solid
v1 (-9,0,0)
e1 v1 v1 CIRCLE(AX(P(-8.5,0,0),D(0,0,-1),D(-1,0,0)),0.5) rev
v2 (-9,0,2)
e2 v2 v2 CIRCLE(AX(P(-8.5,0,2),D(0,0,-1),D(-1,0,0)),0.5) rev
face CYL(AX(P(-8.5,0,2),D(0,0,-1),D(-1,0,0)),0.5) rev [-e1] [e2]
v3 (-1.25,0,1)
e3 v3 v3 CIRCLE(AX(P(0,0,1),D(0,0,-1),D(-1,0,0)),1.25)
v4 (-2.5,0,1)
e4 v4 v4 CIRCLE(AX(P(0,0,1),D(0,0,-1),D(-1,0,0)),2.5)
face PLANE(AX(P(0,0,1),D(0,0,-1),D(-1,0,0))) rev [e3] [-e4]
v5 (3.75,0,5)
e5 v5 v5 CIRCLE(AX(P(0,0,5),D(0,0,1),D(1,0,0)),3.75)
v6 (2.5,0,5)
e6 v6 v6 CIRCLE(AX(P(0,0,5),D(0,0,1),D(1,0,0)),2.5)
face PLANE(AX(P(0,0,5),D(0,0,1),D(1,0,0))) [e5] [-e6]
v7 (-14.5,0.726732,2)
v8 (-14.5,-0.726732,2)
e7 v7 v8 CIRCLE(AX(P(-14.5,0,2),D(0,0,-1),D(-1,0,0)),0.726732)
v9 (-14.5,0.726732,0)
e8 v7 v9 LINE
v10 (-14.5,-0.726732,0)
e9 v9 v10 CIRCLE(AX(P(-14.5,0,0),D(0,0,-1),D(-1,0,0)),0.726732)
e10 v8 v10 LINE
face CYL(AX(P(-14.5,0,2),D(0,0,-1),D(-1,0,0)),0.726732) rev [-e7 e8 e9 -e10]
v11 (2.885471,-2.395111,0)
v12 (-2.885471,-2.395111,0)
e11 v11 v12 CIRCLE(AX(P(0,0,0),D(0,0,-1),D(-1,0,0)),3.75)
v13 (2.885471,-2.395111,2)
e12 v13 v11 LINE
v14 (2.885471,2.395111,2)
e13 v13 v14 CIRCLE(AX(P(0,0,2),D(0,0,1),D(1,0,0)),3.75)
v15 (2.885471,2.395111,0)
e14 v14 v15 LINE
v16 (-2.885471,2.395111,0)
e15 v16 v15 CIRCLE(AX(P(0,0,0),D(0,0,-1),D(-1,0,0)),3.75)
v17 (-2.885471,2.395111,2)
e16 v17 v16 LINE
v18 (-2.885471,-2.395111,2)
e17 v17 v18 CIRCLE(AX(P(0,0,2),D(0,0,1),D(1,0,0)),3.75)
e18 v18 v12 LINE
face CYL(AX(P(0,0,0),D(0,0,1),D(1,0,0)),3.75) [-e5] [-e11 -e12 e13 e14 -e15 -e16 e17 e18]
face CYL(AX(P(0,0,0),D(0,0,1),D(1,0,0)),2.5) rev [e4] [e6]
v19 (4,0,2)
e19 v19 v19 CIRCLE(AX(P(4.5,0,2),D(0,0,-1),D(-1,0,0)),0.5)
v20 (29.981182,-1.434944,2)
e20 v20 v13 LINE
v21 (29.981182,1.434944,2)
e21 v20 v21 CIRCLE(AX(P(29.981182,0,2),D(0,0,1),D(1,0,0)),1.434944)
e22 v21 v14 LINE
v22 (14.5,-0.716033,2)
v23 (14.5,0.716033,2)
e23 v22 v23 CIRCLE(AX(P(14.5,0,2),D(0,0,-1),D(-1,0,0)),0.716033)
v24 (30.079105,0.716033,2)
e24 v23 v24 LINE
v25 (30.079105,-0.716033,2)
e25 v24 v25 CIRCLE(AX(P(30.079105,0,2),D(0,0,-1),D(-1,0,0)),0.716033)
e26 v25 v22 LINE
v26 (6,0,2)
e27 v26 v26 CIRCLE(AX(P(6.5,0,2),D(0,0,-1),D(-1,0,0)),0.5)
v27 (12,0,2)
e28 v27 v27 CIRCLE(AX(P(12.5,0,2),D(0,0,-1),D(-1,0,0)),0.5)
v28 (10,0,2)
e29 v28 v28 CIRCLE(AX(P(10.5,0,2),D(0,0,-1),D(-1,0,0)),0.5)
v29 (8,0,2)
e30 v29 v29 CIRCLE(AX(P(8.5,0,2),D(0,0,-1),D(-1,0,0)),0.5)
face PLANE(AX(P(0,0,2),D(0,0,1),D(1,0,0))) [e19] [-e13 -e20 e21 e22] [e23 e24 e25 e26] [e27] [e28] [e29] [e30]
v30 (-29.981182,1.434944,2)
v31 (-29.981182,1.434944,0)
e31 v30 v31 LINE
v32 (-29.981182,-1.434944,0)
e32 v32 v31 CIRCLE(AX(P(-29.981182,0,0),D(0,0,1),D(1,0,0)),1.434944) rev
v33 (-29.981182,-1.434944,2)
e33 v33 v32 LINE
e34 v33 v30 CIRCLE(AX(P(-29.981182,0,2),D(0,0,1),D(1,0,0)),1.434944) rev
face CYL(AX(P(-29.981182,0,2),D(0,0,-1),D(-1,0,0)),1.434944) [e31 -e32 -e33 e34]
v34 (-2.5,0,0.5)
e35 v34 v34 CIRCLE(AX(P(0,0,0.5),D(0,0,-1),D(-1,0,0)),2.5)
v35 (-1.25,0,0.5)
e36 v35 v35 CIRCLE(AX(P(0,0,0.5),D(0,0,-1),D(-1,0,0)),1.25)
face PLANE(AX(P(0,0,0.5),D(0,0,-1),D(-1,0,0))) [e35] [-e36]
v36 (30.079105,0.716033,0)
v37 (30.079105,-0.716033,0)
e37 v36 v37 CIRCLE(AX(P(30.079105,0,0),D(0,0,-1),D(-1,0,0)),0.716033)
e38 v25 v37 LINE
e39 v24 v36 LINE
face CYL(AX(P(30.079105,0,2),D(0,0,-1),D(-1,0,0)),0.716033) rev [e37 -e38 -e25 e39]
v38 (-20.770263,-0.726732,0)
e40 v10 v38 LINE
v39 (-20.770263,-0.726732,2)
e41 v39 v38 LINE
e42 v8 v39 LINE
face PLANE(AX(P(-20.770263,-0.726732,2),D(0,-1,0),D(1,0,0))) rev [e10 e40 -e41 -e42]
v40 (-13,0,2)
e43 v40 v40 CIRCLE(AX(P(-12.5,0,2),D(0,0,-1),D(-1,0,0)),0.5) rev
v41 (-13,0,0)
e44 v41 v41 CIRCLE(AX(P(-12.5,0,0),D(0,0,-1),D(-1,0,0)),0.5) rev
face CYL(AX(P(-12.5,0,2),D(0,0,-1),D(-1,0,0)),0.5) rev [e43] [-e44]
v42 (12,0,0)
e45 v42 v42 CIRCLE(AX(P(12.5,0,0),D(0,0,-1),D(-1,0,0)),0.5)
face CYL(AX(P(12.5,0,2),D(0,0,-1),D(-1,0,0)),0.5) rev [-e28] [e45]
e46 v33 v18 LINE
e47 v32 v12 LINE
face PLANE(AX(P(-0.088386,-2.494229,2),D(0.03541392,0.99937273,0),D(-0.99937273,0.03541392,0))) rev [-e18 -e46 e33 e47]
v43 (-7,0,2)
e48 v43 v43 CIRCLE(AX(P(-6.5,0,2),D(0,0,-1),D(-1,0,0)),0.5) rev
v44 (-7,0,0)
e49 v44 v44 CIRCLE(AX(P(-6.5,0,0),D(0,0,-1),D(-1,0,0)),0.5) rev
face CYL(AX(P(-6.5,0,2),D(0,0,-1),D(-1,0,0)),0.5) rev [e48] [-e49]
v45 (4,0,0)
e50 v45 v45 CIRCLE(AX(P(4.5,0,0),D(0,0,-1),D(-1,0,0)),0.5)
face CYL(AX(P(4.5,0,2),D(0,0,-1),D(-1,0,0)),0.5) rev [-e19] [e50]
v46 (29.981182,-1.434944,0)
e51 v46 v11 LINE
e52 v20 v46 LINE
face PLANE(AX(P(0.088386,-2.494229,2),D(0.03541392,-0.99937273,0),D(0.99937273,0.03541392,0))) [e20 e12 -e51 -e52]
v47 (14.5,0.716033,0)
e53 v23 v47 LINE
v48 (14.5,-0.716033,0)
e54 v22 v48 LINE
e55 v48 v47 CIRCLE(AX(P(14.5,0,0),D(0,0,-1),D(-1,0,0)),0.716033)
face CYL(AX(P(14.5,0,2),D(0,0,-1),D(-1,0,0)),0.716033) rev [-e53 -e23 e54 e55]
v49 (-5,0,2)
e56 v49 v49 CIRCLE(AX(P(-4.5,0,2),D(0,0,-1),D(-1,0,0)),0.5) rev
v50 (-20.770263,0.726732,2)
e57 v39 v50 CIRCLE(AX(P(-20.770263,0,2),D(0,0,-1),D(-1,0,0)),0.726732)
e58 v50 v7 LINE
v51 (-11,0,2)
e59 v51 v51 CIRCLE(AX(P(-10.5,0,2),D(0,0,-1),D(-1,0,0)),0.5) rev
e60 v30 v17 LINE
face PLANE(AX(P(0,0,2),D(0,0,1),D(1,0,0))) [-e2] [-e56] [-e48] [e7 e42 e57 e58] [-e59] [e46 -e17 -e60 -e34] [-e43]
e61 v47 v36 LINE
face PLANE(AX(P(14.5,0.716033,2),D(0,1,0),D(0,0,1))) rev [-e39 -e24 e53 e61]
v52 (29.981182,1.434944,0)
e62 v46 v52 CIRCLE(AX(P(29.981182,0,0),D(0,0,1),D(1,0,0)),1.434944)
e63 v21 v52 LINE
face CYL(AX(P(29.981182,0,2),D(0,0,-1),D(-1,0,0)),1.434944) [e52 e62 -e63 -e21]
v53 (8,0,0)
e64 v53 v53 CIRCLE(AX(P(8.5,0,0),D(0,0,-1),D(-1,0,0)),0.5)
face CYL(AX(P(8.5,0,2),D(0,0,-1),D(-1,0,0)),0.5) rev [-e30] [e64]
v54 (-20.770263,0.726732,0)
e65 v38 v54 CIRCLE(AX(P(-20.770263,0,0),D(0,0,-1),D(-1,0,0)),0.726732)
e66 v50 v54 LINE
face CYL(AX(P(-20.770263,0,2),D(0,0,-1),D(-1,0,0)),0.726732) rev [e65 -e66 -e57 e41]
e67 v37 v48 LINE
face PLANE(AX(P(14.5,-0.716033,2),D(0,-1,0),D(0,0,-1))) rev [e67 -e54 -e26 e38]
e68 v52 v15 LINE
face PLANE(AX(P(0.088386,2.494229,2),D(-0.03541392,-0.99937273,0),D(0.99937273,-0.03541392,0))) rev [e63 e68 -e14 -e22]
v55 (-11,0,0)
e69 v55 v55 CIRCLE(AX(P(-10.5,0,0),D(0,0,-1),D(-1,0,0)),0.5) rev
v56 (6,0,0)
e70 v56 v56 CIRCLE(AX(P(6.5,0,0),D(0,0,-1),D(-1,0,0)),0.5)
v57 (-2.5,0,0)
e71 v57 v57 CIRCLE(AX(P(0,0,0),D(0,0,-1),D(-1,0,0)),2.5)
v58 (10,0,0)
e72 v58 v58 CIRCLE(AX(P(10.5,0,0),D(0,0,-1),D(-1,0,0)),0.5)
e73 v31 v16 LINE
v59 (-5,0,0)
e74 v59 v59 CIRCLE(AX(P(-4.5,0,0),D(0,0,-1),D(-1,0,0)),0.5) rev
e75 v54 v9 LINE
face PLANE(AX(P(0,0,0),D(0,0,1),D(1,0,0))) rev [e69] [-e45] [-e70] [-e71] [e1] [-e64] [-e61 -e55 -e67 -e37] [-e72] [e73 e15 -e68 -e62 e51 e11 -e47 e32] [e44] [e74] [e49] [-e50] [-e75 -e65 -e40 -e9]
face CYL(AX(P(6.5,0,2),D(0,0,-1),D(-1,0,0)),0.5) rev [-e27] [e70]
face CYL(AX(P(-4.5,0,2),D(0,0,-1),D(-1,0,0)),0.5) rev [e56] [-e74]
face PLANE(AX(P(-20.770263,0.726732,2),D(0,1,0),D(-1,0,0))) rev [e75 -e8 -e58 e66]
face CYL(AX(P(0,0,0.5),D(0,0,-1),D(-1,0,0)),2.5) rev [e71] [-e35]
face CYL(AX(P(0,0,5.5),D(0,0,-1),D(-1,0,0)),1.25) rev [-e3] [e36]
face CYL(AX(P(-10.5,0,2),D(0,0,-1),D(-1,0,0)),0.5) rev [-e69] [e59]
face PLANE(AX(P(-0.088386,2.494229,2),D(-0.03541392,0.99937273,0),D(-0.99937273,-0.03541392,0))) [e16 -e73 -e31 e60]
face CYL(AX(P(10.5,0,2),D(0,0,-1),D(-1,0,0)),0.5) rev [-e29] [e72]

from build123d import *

# Parameters (mm, degrees)
EXTRUDE_3_DEPTH     = 2
EXTRUDE_3_2_DEPTH   = 2
SKETCH_2_R          = 3.75
SKETCH_2_R_2        = 2.5
EXTRUDE_5_DEPTH     = 3
EXTRUDE_START       = 2
SKETCH_3_R          = 3.75
SKETCH_3_R_2        = 2.5
EXTRUDE_6_DEPTH     = 2
SKETCH_4_R          = 0.5
CUT_EXTRUDE_1_DEPTH = 2
SKETCH_5_R          = 2.5
EXTRUDE_7_DEPTH     = 1
SKETCH_6_R          = 2.5
CUT_EXTRUDE_2_DEPTH = 0.5
SKETCH_7_R          = 1.25
CUT_EXTRUDE_3_DEPTH = 5
CUT_EXTRUDE2_DEPTH  = 2


with BuildPart() as part:
    # Эскиз1 → Бобышка-Вытянуть3 (new body)
    with BuildSketch(Plane.XY):
        with BuildLine():
            ThreePointArc((-2.88547071, -2.395111434), (-3.527252129, -1.273182005), (-3.75, 0))
            ThreePointArc((-3.75, 0), (-3.527252129, 1.273182005), (-2.88547071, 2.395111434))
            Line((-2.88547071, 2.395111434), (-29.981181912, 1.434943796))
            ThreePointArc((-29.981181912, 1.434943796), (-31.416125708, 0), (-29.981181912, -1.434943796))
            Line((-29.981181912, -1.434943796), (-2.88547071, -2.395111434))
        make_face()
    extrude(amount=EXTRUDE_3_DEPTH)



with BuildPart() as body_2:
    # Эскиз1 → Extrude 3 2 (new body)
    with BuildSketch(Plane.XY):
        with BuildLine():
            Line((29.981181912, 1.434943796), (2.88547071, 2.395111434))
            ThreePointArc((2.88547071, 2.395111434), (3.75, 0), (2.88547071, -2.395111434))
            Line((2.88547071, -2.395111434), (29.981181912, -1.434943796))
            ThreePointArc((29.981181912, -1.434943796), (31.416125708, 0), (29.981181912, 1.434943796))
        make_face()
    extrude(amount=EXTRUDE_3_2_DEPTH)


with BuildPart() as body_3:
    # Эскиз2 → Бобышка-Вытянуть5 (new body)
    with BuildSketch(Plane.XY.offset(2)):
        Circle(SKETCH_2_R)
        Circle(SKETCH_2_R_2, mode=Mode.SUBTRACT)
    extrude(amount=EXTRUDE_5_DEPTH)


with BuildPart() as part_1:
    add(part.part)

    add(body_2.part)  # Бобышка-Вытянуть6 merges body 2

    add(body_3.part)  # Бобышка-Вытянуть6 merges body 3
    # Эскиз3 → Бобышка-Вытянуть6 (add)
    with BuildSketch(Plane(origin=(0, 0, 2), x_dir=(-1, 0, 0), z_dir=(0, 0, -1)).offset(EXTRUDE_START)):
        with Locations(Location((0, 0, 0), (0, 0, 180))):
            Circle(SKETCH_3_R)
        with Locations(Location((0, 0, 0), (0, 0, 180))):
            Circle(SKETCH_3_R_2, mode=Mode.SUBTRACT)
    extrude(amount=-EXTRUDE_6_DEPTH)

    # Эскиз4 → Вырез-Вытянуть1 (cut)
    with BuildSketch(Plane(origin=(0, 0, 0), x_dir=(-1, 0, 0), z_dir=(0, 0, -1))):
        with Locations((-14.5, 0)):
            Circle(SKETCH_4_R)
        with Locations((-4.5, 0)):
            Circle(SKETCH_4_R)
        with Locations((-6.5, 0)):
            Circle(SKETCH_4_R)
        with Locations((-8.5, 0)):
            Circle(SKETCH_4_R)
        with Locations((-10.5, 0)):
            Circle(SKETCH_4_R)
        with Locations((-12.5, 0)):
            Circle(SKETCH_4_R)
        with Locations((4.5, 0)):
            Circle(SKETCH_4_R)
        with Locations((6.5, 0)):
            Circle(SKETCH_4_R)
        with Locations((8.5, 0)):
            Circle(SKETCH_4_R)
        with Locations((10.5, 0)):
            Circle(SKETCH_4_R)
        with Locations((12.5, 0)):
            Circle(SKETCH_4_R)
        with Locations((14.5, 0)):
            Circle(SKETCH_4_R)
    extrude(amount=-CUT_EXTRUDE_1_DEPTH, mode=Mode.SUBTRACT)

    # Эскиз5 → Бобышка-Вытянуть7 (add)
    with BuildSketch(Plane(origin=(0, 0, 0), x_dir=(-1, 0, 0), z_dir=(0, 0, -1))):
        with Locations(Location((0, 0, 0), (0, 0, 180))):
            Circle(SKETCH_5_R)
    extrude(amount=-EXTRUDE_7_DEPTH)

    # Эскиз6 → Вырез-Вытянуть2 (cut)
    with BuildSketch(Plane(origin=(0, 0, 0), x_dir=(-1, 0, 0), z_dir=(0, 0, -1))):
        with Locations(Location((0, 0, 0), (0, 0, 180))):
            Circle(SKETCH_6_R)
    extrude(amount=-CUT_EXTRUDE_2_DEPTH, mode=Mode.SUBTRACT)

    # Эскиз7 → Вырез-Вытянуть3 (cut)
    with BuildSketch(Plane(origin=(0, 0, 0.5), x_dir=(-1, 0, 0), z_dir=(0, 0, -1))):
        Circle(SKETCH_7_R)
    extrude(amount=-CUT_EXTRUDE_3_DEPTH, mode=Mode.SUBTRACT)

    # Sketch3 → Cut-Extrude2 (cut)
    with BuildSketch(Plane(origin=(0, 0, 0), x_dir=(-1, 0, 0), z_dir=(0, 0, -1))):
        with BuildLine():
            Line((20.770262951, -0.726731665), (14.5, -0.726731665))
            ThreePointArc((14.5, -0.726731665), (13.773268335, 0), (14.5, 0.726731665))
            Line((14.5, 0.726731665), (20.770262951, 0.726731665))
            ThreePointArc((20.770262951, 0.726731665), (21.496994893, 2.77e-07), (20.770262951, -0.726731665))
        make_face()
        with BuildLine():
            Line((-14.5, -0.716032824), (-30.079105353, -0.716032824))
            ThreePointArc((-30.079105353, -0.716032824), (-30.795138177, 0), (-30.079105353, 0.716032824))
            Line((-30.079105353, 0.716032824), (-14.5, 0.716032824))
            ThreePointArc((-14.5, 0.716032824), (-13.783967176, 0), (-14.5, -0.716032824))
        make_face()
    extrude(amount=-CUT_EXTRUDE2_DEPTH, mode=Mode.SUBTRACT)


solid = part_1.part
